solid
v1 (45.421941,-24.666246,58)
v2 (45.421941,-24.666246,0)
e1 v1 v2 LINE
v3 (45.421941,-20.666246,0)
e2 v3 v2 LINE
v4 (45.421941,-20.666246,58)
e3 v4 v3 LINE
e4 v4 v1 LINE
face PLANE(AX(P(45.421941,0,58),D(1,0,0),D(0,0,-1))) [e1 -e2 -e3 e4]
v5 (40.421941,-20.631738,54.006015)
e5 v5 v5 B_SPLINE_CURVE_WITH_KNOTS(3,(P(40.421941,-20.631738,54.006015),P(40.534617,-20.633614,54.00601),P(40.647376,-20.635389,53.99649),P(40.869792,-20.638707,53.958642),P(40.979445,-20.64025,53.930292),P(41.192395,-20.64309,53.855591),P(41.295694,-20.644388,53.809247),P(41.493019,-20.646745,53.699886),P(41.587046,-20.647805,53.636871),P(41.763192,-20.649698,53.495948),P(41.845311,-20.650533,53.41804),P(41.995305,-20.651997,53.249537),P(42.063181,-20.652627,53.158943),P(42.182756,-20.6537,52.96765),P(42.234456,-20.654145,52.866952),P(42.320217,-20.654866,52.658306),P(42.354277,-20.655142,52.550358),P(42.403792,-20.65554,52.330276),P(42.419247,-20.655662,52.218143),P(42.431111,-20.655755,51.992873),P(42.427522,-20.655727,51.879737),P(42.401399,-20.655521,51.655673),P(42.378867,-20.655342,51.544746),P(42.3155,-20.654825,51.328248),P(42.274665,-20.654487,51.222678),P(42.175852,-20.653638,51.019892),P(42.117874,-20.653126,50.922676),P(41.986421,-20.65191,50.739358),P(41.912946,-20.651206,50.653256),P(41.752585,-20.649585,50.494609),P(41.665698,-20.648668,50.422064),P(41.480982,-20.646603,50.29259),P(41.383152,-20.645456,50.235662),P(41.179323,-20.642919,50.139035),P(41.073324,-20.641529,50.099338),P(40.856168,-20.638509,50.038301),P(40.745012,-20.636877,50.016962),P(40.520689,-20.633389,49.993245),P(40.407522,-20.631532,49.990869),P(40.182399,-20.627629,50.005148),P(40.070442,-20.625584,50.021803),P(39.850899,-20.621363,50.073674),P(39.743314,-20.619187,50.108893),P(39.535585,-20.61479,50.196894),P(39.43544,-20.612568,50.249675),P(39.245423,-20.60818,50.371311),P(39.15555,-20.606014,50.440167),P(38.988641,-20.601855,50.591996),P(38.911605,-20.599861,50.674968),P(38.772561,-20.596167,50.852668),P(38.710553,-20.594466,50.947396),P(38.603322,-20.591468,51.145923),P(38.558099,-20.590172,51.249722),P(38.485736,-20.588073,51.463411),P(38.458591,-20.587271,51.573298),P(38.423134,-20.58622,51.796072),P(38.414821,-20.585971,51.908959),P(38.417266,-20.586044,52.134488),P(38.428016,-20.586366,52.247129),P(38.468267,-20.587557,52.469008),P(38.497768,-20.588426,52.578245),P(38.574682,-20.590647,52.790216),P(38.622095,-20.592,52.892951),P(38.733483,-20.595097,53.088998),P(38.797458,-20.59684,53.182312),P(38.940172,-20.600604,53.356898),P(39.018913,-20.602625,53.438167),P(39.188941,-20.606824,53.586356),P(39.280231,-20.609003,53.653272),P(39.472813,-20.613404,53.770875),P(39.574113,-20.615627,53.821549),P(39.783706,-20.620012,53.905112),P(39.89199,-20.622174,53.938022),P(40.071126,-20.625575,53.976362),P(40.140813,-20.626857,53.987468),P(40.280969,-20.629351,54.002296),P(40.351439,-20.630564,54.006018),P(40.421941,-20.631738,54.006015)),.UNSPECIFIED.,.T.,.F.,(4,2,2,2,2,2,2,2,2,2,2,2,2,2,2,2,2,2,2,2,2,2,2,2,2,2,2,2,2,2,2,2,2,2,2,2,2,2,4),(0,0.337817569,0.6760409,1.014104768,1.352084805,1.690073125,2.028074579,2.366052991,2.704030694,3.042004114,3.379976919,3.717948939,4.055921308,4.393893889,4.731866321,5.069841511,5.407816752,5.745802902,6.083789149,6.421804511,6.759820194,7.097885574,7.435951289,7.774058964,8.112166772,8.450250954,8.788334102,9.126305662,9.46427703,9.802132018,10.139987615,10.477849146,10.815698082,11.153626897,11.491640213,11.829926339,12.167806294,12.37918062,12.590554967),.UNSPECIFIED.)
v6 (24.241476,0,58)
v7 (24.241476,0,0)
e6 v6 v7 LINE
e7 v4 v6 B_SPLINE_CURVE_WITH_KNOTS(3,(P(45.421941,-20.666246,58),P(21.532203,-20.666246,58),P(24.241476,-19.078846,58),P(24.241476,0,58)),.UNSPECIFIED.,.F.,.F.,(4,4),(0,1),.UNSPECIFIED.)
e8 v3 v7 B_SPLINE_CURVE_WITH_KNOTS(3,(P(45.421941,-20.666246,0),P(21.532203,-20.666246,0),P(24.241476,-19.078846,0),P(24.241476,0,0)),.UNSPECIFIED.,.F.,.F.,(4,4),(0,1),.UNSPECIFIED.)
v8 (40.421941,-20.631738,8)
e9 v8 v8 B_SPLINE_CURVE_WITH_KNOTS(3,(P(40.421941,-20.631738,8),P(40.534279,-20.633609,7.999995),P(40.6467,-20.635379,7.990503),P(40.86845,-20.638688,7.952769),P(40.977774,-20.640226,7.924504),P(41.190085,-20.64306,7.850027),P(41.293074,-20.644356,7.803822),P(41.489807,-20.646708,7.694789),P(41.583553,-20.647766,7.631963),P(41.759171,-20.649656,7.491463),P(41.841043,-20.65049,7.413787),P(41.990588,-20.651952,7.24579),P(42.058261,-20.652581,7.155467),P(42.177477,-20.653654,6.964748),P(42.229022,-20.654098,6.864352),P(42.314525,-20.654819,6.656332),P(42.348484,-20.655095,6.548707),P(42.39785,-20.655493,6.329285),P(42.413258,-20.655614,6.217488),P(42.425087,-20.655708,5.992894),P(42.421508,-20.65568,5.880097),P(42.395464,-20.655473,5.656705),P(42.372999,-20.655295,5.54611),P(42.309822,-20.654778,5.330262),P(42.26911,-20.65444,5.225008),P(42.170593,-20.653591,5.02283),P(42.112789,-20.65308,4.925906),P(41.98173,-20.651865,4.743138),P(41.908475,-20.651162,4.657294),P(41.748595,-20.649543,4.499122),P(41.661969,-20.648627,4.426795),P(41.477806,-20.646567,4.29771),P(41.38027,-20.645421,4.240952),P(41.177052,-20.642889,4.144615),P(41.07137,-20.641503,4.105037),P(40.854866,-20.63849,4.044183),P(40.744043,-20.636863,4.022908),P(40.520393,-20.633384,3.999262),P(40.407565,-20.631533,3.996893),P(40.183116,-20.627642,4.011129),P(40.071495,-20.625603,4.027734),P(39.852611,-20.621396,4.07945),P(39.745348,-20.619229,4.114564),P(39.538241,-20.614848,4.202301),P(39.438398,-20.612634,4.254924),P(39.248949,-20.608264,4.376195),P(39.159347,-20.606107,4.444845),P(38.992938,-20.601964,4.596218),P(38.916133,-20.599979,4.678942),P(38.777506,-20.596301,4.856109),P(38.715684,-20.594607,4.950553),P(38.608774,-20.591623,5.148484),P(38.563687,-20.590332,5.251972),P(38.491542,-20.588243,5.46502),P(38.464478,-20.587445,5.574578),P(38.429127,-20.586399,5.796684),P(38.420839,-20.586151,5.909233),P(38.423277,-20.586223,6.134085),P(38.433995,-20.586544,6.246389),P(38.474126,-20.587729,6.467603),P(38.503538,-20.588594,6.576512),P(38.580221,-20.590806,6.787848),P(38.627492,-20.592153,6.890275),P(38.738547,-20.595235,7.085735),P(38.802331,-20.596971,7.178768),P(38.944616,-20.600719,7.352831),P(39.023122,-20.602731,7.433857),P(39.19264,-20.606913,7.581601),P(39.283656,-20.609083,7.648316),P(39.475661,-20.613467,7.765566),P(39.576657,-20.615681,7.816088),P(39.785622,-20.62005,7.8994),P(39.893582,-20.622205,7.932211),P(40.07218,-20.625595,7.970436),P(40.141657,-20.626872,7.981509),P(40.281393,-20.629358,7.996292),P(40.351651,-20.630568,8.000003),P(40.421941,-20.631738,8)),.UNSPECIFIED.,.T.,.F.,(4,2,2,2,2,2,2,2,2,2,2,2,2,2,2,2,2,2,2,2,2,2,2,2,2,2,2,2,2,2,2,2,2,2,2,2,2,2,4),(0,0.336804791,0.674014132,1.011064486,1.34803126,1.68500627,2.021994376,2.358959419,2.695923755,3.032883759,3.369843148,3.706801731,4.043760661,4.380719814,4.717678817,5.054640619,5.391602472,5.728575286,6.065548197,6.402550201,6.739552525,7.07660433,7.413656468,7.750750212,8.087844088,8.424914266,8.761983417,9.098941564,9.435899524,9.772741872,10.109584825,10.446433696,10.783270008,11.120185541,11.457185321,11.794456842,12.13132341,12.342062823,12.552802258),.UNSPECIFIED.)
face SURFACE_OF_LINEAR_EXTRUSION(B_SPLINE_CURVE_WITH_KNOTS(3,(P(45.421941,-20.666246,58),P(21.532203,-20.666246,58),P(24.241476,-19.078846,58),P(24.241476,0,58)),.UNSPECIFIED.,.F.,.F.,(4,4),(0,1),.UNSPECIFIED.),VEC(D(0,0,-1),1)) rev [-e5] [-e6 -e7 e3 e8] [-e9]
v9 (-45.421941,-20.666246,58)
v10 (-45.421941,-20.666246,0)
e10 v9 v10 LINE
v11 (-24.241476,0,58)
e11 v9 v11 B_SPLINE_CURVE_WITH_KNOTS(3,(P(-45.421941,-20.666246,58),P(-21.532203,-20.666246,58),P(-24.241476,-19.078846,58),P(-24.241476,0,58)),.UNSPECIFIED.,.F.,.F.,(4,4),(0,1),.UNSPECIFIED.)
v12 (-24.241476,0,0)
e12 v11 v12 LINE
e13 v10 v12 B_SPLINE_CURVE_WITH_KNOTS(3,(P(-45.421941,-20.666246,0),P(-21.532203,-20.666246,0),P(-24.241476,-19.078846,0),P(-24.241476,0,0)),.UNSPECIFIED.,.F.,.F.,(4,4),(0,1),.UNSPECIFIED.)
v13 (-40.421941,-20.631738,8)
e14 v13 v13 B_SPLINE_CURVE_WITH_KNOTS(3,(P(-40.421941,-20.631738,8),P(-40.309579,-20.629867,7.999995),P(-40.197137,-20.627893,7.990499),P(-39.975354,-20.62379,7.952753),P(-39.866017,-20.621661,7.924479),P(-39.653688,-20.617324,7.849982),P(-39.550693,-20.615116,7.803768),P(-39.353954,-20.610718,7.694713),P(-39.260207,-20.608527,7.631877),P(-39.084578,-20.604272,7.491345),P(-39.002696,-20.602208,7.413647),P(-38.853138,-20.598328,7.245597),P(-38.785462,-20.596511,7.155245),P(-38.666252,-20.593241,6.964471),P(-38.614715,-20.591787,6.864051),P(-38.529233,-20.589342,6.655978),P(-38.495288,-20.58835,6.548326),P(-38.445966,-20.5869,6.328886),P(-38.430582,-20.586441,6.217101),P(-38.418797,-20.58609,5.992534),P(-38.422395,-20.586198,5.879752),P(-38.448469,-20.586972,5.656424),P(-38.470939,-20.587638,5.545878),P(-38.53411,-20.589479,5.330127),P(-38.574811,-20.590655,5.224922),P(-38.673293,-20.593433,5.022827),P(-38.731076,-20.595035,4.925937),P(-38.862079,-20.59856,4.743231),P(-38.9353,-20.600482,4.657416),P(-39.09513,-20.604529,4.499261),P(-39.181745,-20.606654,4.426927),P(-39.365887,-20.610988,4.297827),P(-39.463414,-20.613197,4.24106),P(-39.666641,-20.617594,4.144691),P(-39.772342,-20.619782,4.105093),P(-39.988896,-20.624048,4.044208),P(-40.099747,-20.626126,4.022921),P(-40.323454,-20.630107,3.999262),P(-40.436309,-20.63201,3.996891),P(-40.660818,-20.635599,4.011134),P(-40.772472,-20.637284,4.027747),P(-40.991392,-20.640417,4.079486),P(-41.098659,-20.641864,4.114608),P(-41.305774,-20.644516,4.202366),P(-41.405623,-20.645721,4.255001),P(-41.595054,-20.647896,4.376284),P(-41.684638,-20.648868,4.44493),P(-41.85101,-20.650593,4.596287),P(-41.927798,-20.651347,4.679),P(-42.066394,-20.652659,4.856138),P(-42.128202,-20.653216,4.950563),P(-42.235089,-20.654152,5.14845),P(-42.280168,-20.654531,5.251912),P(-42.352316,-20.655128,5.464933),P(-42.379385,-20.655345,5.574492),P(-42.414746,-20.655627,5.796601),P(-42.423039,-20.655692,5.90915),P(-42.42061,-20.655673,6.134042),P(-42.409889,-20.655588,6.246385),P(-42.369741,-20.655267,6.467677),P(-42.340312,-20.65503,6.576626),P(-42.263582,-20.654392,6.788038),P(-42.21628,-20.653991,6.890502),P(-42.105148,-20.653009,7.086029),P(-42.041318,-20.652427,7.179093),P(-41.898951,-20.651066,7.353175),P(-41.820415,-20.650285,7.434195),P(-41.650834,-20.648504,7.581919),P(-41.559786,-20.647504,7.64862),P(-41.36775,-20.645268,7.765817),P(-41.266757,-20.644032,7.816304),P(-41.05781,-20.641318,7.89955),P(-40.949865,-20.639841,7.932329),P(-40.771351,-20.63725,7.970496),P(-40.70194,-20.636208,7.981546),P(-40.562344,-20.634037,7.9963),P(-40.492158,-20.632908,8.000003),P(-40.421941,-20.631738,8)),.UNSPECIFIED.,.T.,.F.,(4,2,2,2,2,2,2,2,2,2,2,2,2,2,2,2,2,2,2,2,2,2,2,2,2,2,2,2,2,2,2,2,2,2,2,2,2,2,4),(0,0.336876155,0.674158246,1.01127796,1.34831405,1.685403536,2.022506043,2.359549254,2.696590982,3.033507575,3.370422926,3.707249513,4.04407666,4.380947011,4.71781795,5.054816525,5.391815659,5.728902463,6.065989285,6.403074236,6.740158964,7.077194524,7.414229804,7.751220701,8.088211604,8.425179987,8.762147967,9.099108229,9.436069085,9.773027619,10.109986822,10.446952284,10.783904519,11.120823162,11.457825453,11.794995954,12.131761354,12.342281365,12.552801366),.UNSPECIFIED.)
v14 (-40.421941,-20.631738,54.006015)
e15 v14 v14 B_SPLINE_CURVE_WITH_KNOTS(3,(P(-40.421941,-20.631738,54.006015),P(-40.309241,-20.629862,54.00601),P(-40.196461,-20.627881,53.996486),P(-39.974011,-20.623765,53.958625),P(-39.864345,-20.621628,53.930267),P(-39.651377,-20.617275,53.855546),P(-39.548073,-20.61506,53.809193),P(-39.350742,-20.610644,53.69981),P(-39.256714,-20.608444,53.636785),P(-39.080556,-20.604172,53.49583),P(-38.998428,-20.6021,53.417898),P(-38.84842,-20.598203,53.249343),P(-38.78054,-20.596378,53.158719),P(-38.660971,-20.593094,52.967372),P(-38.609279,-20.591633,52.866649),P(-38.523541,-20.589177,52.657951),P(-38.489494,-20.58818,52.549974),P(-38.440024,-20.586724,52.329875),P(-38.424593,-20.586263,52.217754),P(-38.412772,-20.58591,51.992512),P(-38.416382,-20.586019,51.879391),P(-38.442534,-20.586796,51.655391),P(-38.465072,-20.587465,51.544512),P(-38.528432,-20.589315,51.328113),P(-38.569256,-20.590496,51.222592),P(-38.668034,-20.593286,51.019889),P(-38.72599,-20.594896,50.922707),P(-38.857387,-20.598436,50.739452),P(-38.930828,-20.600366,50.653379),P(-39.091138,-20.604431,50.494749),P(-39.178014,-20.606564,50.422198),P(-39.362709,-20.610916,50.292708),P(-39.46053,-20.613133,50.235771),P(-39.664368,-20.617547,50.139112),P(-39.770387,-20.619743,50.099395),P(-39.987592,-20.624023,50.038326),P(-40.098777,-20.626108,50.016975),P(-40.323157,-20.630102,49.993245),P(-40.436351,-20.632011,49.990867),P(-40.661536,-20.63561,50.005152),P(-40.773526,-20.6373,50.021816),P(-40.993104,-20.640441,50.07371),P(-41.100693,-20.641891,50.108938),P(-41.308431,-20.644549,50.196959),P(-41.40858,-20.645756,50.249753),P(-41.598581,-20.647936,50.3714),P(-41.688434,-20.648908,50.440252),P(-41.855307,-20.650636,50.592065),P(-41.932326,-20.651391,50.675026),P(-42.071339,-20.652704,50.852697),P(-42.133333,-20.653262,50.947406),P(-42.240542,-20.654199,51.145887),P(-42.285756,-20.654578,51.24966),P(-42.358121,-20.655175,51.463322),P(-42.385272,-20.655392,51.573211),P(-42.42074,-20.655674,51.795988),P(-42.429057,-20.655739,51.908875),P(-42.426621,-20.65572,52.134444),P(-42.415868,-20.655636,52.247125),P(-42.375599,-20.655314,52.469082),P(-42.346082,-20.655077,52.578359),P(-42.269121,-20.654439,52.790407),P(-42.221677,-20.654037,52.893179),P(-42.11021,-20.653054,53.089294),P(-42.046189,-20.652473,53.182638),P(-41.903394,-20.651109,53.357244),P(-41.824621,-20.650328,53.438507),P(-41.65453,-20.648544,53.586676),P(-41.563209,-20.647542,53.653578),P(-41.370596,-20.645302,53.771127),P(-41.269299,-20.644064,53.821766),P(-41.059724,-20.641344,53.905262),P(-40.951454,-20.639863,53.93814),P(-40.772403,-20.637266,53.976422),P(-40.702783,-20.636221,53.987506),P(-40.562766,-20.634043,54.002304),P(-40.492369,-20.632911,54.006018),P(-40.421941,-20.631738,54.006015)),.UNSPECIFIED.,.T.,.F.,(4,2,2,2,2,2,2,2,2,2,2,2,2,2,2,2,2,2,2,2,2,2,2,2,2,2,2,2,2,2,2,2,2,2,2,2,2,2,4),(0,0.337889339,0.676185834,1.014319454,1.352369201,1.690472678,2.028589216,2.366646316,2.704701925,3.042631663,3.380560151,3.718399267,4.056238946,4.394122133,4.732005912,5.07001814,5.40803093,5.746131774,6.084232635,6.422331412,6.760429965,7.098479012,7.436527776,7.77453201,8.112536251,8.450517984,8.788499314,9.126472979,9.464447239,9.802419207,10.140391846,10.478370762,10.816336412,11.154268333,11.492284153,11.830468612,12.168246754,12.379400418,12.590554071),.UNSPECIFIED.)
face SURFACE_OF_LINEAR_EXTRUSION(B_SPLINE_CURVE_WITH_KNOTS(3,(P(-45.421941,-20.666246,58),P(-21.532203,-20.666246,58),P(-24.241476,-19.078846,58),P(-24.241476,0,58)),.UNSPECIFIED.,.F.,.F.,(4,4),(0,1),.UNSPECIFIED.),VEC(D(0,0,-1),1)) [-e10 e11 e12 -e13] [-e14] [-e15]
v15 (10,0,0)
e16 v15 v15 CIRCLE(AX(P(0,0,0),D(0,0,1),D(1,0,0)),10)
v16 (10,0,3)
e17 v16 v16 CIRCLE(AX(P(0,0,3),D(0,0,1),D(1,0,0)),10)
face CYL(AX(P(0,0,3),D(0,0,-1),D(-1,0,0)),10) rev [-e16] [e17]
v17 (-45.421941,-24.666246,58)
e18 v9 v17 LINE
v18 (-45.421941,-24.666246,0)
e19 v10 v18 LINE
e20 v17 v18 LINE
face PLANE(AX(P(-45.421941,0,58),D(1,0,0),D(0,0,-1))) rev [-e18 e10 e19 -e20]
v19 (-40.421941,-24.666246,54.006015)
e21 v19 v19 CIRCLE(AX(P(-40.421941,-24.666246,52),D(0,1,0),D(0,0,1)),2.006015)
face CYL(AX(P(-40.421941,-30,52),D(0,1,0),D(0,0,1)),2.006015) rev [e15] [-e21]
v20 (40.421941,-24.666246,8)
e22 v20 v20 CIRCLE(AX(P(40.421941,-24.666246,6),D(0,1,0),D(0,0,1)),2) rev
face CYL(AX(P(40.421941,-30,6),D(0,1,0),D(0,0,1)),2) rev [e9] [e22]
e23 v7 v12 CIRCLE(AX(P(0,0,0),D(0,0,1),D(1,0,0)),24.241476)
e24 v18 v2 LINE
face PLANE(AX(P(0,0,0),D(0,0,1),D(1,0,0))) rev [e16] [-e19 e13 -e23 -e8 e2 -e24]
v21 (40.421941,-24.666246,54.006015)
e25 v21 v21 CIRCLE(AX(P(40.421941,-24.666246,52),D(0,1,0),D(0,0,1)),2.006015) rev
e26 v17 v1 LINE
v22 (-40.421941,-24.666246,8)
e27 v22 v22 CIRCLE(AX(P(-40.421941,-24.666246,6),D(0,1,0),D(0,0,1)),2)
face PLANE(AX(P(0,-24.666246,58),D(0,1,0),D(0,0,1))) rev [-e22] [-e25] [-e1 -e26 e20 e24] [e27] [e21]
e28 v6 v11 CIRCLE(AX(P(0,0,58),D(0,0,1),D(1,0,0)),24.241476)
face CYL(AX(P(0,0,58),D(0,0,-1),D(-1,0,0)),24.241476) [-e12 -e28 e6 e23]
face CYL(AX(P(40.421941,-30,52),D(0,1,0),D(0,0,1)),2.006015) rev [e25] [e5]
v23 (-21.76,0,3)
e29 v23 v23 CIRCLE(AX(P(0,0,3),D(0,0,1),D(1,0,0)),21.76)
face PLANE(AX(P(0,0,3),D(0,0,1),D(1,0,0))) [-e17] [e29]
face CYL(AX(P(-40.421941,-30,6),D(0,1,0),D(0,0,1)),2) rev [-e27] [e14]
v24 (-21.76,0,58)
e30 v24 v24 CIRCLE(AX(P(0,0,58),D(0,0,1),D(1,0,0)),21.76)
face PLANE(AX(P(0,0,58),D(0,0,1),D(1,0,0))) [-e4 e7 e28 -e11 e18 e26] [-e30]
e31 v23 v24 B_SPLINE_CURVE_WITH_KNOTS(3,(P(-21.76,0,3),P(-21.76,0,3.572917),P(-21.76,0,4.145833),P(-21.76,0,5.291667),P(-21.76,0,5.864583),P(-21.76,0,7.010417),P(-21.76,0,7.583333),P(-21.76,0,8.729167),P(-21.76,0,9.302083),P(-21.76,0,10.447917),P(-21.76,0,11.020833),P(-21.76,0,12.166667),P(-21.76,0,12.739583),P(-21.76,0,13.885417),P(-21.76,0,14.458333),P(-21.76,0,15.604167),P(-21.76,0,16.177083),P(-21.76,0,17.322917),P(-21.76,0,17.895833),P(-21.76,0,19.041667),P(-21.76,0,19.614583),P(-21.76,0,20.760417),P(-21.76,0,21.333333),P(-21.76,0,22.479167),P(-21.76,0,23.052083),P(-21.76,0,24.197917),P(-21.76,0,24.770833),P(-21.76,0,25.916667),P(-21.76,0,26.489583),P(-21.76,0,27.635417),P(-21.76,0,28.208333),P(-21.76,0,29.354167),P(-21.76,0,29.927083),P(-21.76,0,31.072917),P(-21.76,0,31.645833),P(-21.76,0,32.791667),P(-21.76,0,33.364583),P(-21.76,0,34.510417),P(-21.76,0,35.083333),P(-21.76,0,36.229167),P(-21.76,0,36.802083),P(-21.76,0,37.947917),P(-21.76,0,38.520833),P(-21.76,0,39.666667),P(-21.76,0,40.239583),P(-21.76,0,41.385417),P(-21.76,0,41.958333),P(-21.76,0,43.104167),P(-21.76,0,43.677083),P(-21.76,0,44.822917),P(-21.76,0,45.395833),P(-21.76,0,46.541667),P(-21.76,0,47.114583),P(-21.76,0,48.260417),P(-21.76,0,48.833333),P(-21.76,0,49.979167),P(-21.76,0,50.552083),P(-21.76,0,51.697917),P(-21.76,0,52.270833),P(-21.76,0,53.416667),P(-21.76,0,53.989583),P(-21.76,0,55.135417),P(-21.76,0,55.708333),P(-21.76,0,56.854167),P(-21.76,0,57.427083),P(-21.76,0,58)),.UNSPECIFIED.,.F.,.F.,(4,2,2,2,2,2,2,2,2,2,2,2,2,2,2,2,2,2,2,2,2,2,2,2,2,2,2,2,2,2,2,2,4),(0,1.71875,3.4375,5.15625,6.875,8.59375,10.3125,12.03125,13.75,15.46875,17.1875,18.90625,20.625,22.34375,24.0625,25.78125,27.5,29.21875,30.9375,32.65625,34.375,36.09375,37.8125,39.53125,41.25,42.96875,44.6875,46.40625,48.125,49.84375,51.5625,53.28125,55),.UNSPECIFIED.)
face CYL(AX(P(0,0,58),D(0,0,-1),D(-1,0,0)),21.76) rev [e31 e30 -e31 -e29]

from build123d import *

# Parameters (mm, degrees)
SKETCH1_R           = 21.76
BOSS_EXTRUDE1_DEPTH = 58
SKETCH1_4_R         = 21.76
BOSS_EXTRUDE2_DEPTH = 3
SKETCH2_R           = 2
CUT_EXTRUDE2_DEPTH  = 30
SKETCH2_3_R         = 2.006014876
CUT_EXTRUDE3_DEPTH  = 30


with BuildPart() as part:
    # Sketch1 → Boss-Extrude1 (new body)
    with BuildSketch(Plane.XY):
        with BuildLine():
            Line((-45.421940828, -20.666245921), (-45.421940828, -24.666245921))
            Line((-45.421940828, -24.666245921), (45.421940828, -24.666245921))
            Line((45.421940828, -24.666245921), (45.421940828, -20.666245921))
            add(Edge.make_bspline(
                [(45.421940828, -20.666245921), (21.532203305, -20.666245921), (24.241475666, -19.078845964), (24.241475666, 0)],
                knots=[0, 0, 0, 0, 1, 1, 1, 1], degree=3))
            ThreePointArc((24.241475666, 0), (0, 24.241475666), (-24.241475666, 0))
            add(Edge.make_bspline(
                [(-45.421940828, -20.666245921), (-21.532203305, -20.666245921), (-24.241475666, -19.078845964), (-24.241475666, 0)],
                knots=[0, 0, 0, 0, 1, 1, 1, 1], degree=3))
        make_face()
        Circle(SKETCH1_R, mode=Mode.SUBTRACT)
    extrude(amount=BOSS_EXTRUDE1_DEPTH)

    # Sketch1<4> → Boss-Extrude2 (add)
    with BuildSketch(Plane.XY):
        Circle(SKETCH1_4_R)
        with BuildLine():
            ThreePointArc((0, -10), (-7.071067812, 7.071067812), (10, 0))
            ThreePointArc((10, 0), (7.071067812, -7.071067812), (0, -10))
        make_face(mode=Mode.SUBTRACT)
    extrude(amount=BOSS_EXTRUDE2_DEPTH)

    # Sketch2 → Cut-Extrude2 (cut)
    with BuildSketch(Plane(origin=(0, 0, 0), x_dir=(1, 0, 0), z_dir=(0, 1, 0))):
        with Locations((-40.421940828, -6)):
            Circle(SKETCH2_R)
        with Locations((40.421940828, -6)):
            Circle(SKETCH2_R)
    extrude(amount=-CUT_EXTRUDE2_DEPTH, mode=Mode.SUBTRACT)

    # Sketch2<3> → Cut-Extrude3 (cut)
    with BuildSketch(Plane(origin=(0, 0, 0), x_dir=(1, 0, 0), z_dir=(0, 1, 0))):
        with Locations((-40.421940828, -52)):
            Circle(SKETCH2_3_R)
        with Locations((40.421940828, -52)):
            Circle(SKETCH2_3_R)
    extrude(amount=-CUT_EXTRUDE3_DEPTH, mode=Mode.SUBTRACT)


solid = part.part
